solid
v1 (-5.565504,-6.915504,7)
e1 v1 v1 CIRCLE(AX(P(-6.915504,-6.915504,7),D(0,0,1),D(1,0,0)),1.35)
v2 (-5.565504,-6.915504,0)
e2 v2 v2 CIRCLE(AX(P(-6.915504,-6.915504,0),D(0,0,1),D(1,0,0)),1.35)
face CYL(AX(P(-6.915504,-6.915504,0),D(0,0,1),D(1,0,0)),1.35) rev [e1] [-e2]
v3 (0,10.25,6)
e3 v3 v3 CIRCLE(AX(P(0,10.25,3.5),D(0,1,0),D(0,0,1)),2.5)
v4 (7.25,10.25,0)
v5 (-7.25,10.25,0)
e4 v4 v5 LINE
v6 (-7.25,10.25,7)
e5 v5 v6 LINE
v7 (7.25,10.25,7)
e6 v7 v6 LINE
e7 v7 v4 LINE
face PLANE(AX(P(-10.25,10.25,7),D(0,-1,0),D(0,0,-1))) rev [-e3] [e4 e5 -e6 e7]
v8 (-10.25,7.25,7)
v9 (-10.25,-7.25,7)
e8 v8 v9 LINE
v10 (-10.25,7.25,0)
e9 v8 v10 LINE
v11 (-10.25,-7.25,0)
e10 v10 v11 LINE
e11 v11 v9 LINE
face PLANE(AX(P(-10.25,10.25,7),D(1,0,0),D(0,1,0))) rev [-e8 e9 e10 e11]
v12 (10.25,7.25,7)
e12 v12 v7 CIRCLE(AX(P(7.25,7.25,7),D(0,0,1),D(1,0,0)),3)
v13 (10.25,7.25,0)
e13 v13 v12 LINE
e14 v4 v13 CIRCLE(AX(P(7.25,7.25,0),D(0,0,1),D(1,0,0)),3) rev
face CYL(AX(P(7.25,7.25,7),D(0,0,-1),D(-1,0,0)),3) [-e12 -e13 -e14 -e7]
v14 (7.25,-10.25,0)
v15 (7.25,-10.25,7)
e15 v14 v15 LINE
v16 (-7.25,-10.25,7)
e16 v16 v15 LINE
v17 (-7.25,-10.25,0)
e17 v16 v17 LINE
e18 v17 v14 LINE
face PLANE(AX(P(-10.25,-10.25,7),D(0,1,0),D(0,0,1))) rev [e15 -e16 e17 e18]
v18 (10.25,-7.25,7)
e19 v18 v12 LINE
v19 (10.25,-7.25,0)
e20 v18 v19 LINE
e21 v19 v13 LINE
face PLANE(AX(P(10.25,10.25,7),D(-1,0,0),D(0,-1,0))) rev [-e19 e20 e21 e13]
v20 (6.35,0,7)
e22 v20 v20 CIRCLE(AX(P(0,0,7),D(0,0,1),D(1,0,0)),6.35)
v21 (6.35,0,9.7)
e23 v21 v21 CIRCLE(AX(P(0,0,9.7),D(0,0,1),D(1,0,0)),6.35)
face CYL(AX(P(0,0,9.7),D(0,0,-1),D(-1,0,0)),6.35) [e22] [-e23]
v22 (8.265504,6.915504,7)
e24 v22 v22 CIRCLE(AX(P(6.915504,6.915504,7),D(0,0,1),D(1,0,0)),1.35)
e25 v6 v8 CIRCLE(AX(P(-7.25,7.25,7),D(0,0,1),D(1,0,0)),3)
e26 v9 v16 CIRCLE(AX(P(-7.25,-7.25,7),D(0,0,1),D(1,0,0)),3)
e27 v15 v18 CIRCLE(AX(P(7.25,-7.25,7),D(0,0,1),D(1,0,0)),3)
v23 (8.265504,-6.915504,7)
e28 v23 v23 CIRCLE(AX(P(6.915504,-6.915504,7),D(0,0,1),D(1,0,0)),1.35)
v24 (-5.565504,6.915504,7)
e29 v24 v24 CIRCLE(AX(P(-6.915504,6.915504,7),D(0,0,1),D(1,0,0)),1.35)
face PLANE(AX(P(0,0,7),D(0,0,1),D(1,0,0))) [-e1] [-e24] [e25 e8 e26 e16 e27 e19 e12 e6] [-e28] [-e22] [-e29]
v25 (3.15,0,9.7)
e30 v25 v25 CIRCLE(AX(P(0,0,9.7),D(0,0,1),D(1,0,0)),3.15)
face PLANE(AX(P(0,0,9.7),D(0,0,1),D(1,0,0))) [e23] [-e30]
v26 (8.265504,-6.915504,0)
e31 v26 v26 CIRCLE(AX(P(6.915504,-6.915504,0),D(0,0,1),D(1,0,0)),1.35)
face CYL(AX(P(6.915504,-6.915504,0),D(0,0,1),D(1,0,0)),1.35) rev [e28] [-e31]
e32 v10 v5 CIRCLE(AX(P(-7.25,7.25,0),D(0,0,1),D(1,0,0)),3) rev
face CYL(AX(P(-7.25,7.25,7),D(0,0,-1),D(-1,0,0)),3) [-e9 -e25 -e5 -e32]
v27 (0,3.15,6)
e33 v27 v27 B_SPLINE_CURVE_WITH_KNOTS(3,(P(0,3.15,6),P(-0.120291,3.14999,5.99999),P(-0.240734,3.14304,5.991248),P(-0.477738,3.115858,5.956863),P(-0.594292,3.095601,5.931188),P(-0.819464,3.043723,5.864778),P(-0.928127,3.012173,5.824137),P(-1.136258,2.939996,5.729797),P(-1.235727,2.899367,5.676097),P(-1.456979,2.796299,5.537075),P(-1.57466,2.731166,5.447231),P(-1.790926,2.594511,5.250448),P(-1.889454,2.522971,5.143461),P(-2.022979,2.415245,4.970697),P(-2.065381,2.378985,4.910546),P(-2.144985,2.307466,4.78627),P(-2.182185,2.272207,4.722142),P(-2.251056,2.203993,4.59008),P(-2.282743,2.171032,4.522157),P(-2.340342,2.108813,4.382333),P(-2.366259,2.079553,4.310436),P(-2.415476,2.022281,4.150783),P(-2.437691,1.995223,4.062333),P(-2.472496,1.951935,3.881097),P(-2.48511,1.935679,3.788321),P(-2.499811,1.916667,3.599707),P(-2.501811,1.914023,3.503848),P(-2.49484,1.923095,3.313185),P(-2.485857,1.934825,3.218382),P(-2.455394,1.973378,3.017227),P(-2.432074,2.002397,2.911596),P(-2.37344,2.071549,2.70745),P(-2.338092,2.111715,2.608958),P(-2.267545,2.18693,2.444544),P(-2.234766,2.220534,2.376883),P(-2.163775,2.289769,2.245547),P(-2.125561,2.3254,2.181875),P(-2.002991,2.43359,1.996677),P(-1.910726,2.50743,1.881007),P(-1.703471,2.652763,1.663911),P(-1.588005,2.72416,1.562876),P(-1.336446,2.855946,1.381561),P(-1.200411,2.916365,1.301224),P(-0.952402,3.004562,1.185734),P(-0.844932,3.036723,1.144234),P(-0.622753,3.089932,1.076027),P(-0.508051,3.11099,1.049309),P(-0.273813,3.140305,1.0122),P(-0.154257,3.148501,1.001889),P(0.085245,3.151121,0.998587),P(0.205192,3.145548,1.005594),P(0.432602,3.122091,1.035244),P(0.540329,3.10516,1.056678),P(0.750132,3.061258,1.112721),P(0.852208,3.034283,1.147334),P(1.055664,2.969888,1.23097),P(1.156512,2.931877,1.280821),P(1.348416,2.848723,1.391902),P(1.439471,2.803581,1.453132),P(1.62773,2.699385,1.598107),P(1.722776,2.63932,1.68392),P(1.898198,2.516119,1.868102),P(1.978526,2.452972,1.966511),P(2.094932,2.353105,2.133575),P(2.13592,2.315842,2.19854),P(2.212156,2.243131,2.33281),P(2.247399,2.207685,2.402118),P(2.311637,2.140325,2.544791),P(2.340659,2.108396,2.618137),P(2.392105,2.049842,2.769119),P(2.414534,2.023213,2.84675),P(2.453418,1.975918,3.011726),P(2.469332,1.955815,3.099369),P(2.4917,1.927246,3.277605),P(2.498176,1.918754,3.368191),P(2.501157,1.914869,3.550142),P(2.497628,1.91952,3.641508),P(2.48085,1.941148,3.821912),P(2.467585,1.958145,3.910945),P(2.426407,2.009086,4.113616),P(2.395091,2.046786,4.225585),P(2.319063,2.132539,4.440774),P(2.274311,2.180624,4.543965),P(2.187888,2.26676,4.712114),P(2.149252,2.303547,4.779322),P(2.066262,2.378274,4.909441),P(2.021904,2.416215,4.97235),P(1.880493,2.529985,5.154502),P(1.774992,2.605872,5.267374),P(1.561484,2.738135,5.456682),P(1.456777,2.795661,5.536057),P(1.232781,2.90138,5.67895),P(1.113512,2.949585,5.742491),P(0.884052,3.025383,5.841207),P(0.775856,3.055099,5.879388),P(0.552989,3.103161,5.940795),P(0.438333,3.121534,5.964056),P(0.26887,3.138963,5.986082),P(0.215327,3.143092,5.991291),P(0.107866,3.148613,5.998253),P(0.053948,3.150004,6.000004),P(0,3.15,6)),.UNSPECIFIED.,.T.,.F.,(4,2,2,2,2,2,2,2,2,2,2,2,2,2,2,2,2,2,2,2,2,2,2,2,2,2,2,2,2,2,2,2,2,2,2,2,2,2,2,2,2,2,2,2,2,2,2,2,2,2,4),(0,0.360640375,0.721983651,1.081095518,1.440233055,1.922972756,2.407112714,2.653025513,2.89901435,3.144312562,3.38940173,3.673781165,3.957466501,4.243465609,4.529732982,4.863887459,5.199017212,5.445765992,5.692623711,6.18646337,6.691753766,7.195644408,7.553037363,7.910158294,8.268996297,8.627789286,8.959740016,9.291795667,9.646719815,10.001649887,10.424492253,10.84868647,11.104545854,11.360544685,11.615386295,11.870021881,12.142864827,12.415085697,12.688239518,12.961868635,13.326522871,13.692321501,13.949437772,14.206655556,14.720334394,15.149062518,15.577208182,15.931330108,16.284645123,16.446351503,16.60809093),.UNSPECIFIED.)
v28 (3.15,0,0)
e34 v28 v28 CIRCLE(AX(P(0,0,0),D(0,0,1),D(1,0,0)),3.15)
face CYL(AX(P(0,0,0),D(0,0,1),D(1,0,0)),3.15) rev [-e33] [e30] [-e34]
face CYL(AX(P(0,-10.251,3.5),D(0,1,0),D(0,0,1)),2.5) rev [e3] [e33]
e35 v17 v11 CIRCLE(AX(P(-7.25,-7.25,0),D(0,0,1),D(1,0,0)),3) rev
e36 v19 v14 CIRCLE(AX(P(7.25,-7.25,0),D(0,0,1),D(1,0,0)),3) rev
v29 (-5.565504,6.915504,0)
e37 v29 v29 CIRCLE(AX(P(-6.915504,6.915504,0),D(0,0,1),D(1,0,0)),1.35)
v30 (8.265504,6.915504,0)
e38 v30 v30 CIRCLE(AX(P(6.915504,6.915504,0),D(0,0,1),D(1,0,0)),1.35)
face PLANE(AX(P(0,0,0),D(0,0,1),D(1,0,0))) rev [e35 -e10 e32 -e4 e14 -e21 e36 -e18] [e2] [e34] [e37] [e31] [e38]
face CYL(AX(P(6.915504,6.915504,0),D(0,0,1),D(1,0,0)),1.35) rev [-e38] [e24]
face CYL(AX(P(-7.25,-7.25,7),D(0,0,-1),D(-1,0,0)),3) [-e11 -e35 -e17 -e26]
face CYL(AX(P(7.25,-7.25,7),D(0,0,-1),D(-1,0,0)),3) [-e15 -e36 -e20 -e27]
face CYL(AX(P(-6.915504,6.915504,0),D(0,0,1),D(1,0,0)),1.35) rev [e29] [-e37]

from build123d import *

# Parameters (mm, degrees)
CROQUIS1_W              = 20.5
CROQUIS1_H              = 20.5
SALIENTE_EXTRUIR1_DEPTH = 7
REDONDEO1_R             = 3
CROQUIS2_R              = 6.35
SALIENTE_EXTRUIR2_DEPTH = 2.7
CROQUIS3_R              = 3.15
CORTAR_EXTRUIR1_DEPTH   = 10.7
CROQUIS4_R              = 1.35
CORTAR_EXTRUIR2_DEPTH   = 8
CORTAR_EXTRUIR3_REACH   = 22.5
CROQUIS5_R              = 2.5


with BuildPart() as part:
    # Croquis1 → Saliente-Extruir1 (new body)
    with BuildSketch(Plane.XY):
        Rectangle(CROQUIS1_W, CROQUIS1_H)
    extrude(amount=SALIENTE_EXTRUIR1_DEPTH)

    # Redondeo1
    redondeo1_edges = [part.edges().sort_by_distance(p)[0] for p in [
        (10.25, -10.25, 3.5),
        (-10.25, -10.25, 3.5),
        (-10.25, 10.25, 3.5),
        (10.25, 10.25, 3.5),
    ]]
    fillet(redondeo1_edges, radius=REDONDEO1_R)

    # Croquis2 → Saliente-Extruir2 (add)
    with BuildSketch(Plane.XY.offset(7)):
        Circle(CROQUIS2_R)
    extrude(amount=SALIENTE_EXTRUIR2_DEPTH)

    # Croquis3 → Cortar-Extruir1 (cut, through all)
    with BuildSketch(Plane.XY.offset(9.7)):
        Circle(CROQUIS3_R)
    extrude(amount=-CORTAR_EXTRUIR1_DEPTH, mode=Mode.SUBTRACT)

    # Croquis4 → Cortar-Extruir2 (cut, through all)
    with BuildSketch(Plane.XY.offset(7)):
        with Locations((-6.91550432, 6.91550432)):
            Circle(CROQUIS4_R)
        with Locations((6.91550432, 6.91550432)):
            Circle(CROQUIS4_R)
        with Locations((6.91550432, -6.91550432)):
            Circle(CROQUIS4_R)
        with Locations((-6.91550432, -6.91550432)):
            Circle(CROQUIS4_R)
    extrude(amount=-CORTAR_EXTRUIR2_DEPTH, mode=Mode.SUBTRACT)

    # Croquis5 → Cortar-Extruir3 (cut, up to next)
    with BuildSketch(Plane(origin=(0, 10.25, 0), x_dir=(1, 0, 0), z_dir=(0, 1, 0)), mode=Mode.PRIVATE) as cortar_extruir3_sk1:
        with Locations((0, -3.5)):
            Circle(CROQUIS5_R)
    cortar_extruir3_tool1 = extrude(cortar_extruir3_sk1.sketch, amount=-CORTAR_EXTRUIR3_REACH, mode=Mode.PRIVATE) & part.part
    add(cortar_extruir3_tool1.solids().sort_by_distance((0, 10.25, 3.5))[0], mode=Mode.SUBTRACT)


solid = part.part
